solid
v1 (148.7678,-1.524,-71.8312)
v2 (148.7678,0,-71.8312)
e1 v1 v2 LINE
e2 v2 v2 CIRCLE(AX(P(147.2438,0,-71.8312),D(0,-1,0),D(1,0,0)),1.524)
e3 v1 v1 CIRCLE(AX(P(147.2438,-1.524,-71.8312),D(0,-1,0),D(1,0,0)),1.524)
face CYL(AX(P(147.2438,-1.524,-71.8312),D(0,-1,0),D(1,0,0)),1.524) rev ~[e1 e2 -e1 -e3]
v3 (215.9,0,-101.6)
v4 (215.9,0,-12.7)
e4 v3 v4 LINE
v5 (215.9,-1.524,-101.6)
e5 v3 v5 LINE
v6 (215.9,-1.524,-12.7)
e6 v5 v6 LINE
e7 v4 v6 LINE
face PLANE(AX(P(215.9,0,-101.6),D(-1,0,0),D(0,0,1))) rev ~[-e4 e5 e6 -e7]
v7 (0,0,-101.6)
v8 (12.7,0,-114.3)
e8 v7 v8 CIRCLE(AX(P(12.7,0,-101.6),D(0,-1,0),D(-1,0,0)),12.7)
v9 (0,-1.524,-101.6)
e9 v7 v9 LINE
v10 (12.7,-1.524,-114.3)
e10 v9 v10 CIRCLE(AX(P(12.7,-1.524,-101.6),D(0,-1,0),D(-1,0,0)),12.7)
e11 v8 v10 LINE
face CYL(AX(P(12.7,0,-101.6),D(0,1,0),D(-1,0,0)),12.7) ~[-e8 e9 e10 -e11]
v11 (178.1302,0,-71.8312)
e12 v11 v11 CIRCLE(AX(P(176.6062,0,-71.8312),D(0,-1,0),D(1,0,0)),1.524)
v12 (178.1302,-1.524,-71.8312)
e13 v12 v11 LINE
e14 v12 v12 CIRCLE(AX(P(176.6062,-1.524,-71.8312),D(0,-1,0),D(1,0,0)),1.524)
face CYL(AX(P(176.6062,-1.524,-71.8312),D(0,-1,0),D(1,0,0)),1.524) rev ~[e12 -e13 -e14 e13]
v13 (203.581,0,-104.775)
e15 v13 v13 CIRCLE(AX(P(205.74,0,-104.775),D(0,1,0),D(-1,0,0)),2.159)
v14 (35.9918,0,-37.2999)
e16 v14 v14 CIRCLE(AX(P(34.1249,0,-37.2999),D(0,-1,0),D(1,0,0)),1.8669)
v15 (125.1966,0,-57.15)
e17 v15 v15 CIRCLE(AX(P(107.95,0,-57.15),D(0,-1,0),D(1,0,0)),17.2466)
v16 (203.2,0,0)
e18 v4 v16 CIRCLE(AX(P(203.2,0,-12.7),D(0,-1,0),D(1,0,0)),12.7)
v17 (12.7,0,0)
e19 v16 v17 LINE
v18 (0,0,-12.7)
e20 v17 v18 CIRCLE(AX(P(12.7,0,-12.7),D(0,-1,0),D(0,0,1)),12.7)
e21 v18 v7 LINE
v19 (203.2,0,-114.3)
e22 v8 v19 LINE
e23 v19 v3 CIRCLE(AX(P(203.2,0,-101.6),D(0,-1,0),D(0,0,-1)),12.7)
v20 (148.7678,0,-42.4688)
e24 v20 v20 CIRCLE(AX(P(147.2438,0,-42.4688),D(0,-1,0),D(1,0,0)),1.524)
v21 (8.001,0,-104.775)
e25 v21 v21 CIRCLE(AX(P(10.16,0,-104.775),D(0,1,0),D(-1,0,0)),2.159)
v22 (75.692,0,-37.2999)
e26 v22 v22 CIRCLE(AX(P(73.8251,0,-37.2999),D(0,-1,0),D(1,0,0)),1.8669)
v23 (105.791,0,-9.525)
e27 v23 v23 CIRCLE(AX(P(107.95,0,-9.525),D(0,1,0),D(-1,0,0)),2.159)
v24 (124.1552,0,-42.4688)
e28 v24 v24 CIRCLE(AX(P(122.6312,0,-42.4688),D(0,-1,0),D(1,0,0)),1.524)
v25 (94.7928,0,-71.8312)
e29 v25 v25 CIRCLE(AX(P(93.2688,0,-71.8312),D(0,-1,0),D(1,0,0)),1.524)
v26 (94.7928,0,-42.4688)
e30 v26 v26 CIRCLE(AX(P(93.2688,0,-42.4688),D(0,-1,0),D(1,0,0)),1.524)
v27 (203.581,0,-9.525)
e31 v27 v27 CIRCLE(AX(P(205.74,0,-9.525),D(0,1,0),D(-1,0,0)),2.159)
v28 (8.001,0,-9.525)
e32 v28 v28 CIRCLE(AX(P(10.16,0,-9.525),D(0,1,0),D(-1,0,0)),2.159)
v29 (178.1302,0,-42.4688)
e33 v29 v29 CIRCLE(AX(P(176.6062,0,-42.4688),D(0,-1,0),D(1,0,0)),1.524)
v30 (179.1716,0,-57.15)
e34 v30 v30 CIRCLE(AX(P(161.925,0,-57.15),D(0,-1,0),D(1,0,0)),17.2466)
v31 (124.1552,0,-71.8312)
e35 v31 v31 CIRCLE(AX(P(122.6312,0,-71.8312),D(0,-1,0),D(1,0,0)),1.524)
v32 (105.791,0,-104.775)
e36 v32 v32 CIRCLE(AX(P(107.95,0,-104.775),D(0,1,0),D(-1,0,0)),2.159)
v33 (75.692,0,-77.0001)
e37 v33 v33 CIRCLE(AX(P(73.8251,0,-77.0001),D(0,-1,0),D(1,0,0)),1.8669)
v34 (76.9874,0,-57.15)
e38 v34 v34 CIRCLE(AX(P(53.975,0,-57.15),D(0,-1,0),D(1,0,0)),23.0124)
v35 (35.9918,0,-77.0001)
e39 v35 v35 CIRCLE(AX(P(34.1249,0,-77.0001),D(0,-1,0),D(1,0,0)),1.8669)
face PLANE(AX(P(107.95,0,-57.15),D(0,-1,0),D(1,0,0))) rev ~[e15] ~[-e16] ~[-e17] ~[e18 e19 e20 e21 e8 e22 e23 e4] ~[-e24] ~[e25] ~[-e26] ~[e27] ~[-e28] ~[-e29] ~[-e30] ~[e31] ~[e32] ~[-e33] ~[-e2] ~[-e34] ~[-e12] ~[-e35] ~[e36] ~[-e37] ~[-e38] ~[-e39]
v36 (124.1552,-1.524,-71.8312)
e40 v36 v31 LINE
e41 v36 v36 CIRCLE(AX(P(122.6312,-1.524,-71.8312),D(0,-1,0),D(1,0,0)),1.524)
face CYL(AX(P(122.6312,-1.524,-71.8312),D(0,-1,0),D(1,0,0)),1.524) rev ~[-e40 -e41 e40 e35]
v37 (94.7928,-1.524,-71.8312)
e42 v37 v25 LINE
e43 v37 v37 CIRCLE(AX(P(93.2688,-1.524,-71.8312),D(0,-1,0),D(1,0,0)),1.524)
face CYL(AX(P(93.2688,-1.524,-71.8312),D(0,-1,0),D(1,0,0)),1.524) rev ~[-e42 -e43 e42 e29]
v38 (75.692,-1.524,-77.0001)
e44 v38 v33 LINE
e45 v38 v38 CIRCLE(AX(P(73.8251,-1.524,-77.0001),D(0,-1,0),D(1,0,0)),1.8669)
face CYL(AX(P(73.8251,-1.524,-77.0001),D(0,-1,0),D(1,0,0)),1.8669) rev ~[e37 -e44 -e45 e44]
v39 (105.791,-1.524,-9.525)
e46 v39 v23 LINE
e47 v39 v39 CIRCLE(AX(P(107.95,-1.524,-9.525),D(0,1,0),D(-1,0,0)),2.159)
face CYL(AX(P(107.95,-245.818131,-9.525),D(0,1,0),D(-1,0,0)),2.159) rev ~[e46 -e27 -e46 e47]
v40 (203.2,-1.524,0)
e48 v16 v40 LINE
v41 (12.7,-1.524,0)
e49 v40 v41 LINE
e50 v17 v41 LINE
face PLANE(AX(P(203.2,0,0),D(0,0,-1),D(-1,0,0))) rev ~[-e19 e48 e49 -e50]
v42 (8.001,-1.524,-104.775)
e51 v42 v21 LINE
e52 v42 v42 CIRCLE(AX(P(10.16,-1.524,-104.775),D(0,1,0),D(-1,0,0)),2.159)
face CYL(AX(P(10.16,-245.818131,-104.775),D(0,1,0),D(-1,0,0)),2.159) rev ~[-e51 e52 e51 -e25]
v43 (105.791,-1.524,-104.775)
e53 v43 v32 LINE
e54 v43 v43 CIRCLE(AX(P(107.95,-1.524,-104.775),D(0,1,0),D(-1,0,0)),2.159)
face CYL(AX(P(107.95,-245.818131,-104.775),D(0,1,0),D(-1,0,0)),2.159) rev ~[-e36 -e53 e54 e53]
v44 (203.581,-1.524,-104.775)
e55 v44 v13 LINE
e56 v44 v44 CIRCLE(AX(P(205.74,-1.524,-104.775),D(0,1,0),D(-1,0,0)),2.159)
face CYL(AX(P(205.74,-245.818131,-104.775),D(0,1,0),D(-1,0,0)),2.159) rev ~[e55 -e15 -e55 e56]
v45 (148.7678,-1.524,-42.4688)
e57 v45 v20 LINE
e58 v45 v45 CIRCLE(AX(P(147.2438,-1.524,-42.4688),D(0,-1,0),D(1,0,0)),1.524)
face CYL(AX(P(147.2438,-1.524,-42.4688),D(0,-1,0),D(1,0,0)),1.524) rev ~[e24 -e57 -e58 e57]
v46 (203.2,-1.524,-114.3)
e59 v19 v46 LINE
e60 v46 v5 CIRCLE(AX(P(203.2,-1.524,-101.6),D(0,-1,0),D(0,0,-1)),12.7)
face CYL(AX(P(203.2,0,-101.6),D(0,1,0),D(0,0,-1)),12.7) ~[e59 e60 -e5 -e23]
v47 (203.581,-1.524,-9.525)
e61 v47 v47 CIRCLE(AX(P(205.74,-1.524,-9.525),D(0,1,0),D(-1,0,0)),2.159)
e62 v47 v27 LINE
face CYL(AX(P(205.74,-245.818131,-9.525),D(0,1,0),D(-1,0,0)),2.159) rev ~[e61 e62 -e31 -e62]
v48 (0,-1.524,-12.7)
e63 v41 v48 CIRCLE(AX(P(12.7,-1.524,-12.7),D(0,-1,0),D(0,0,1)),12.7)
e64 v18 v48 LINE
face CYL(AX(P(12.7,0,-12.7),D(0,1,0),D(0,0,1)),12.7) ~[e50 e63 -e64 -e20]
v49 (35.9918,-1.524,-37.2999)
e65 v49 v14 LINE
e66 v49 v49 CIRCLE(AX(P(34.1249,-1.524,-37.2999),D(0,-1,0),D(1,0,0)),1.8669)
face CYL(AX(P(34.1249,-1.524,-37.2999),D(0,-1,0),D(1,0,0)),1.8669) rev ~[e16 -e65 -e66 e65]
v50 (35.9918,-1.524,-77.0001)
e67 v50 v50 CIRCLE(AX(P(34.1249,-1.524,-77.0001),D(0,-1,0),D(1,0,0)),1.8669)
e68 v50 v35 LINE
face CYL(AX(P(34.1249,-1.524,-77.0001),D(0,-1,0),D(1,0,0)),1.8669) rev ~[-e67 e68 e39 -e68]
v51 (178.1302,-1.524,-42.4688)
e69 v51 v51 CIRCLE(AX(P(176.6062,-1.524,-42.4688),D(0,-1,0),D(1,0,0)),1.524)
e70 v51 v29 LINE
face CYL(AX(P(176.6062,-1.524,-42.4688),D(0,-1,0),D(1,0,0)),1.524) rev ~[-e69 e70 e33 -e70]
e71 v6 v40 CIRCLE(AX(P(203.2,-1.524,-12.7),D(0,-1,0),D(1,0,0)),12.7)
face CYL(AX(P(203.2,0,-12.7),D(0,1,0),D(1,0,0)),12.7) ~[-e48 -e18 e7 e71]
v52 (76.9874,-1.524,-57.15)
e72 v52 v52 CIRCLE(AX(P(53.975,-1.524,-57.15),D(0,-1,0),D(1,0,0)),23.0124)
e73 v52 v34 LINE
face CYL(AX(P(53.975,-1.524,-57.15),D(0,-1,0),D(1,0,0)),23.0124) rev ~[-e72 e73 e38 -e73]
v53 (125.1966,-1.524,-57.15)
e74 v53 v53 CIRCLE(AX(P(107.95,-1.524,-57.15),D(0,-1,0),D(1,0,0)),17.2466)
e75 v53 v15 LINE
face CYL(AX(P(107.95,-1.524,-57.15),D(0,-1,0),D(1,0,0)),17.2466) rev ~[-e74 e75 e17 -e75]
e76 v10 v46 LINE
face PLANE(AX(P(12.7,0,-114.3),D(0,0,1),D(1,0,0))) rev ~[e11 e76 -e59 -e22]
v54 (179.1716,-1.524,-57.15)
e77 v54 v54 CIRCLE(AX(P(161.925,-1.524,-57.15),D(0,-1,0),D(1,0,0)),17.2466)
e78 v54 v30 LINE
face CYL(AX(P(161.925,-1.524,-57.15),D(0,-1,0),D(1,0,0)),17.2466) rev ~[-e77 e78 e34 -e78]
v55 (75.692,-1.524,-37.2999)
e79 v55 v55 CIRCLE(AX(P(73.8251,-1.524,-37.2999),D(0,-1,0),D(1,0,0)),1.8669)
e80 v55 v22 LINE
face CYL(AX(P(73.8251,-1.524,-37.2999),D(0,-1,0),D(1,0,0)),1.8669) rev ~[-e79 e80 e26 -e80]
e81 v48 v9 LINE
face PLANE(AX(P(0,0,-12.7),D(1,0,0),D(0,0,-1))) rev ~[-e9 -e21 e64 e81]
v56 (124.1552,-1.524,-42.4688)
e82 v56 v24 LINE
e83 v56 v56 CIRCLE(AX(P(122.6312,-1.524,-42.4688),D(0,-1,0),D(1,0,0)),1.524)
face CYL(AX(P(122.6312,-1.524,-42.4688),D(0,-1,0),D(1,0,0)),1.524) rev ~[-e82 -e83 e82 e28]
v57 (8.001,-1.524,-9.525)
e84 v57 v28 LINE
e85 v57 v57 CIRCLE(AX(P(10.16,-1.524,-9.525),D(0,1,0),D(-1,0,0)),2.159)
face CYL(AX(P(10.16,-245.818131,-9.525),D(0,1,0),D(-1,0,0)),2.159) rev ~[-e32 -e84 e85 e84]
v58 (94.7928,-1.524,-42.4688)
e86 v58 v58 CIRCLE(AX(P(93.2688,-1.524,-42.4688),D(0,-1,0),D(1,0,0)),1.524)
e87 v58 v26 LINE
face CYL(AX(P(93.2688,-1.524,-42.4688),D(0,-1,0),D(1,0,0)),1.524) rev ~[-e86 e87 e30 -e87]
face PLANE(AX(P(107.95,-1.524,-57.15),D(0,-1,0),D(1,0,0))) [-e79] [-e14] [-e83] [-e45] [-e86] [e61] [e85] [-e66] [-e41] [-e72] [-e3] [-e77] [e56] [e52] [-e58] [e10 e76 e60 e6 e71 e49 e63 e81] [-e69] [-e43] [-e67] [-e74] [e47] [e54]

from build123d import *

# Parameters (mm, degrees)
F1_DEPTH = 1.524
F2_R     = 23.0124
F2_R_2   = 1.8669
F2_R_3   = 17.2466
F2_R_4   = 1.524
F3_DEPTH = 1.525
F5_D     = 4.318


with BuildPart() as f1:
    # F0 (on Front) → F1 (new body)
    with BuildSketch(Plane.XZ):
        with BuildLine():
            Line((203.2, 0), (12.7, 0))
            ThreePointArc((12.7, 0), (3.7197438789, -3.7197438789), (0, -12.7))
            Line((0, -12.7), (0, -101.6))
            ThreePointArc((0, -101.6), (3.7197438789, -110.5802561211), (12.7, -114.3))
            Line((12.7, -114.3), (203.2, -114.3))
            ThreePointArc((203.2, -114.3), (212.1802561211, -110.5802561211), (215.9, -101.6))
            Line((215.9, -101.6), (215.9, -12.7))
            ThreePointArc((215.9, -12.7), (212.1802561211, -3.7197438789), (203.2, 0))
        make_face()
    extrude(amount=F1_DEPTH)

    # F2 (on face) → F3 (cut, through all)
    with BuildSketch(Plane.XZ.offset(1.524)):
        with Locations((53.975, -57.15)):
            Circle(F2_R)
        with Locations((34.1249, -37.2999)):
            Circle(F2_R_2)
        with Locations((73.8251, -37.2999)):
            Circle(F2_R_2)
        with Locations((73.8251, -77.0001)):
            Circle(F2_R_2)
        with Locations((34.1249, -77.0001)):
            Circle(F2_R_2)
        with Locations((161.925, -57.15)):
            Circle(F2_R_3)
        with Locations((147.2438, -42.4688)):
            Circle(F2_R_4)
        with Locations((176.6062, -42.4688)):
            Circle(F2_R_4)
        with Locations((176.6062, -71.8312)):
            Circle(F2_R_4)
        with Locations((147.2438, -71.8312)):
            Circle(F2_R_4)
        with Locations((107.95, -57.15)):
            Circle(F2_R_3)
        with Locations((93.2688, -42.4688)):
            Circle(F2_R_4)
        with Locations((122.6312, -42.4688)):
            Circle(F2_R_4)
        with Locations((122.6312, -71.8312)):
            Circle(F2_R_4)
        with Locations((93.2688, -71.8312)):
            Circle(F2_R_4)
    extrude(amount=-F3_DEPTH, mode=Mode.SUBTRACT)

    # F5 (through all)
    with Locations(Plane.XZ.offset(1.524)):
        with Locations((10.16, -9.525), (107.95, -9.525), (205.74, -9.525), (205.74, -104.775), (107.95, -104.775), (10.16, -104.775)):
            Hole(F5_D / 2)


solid = f1.part
